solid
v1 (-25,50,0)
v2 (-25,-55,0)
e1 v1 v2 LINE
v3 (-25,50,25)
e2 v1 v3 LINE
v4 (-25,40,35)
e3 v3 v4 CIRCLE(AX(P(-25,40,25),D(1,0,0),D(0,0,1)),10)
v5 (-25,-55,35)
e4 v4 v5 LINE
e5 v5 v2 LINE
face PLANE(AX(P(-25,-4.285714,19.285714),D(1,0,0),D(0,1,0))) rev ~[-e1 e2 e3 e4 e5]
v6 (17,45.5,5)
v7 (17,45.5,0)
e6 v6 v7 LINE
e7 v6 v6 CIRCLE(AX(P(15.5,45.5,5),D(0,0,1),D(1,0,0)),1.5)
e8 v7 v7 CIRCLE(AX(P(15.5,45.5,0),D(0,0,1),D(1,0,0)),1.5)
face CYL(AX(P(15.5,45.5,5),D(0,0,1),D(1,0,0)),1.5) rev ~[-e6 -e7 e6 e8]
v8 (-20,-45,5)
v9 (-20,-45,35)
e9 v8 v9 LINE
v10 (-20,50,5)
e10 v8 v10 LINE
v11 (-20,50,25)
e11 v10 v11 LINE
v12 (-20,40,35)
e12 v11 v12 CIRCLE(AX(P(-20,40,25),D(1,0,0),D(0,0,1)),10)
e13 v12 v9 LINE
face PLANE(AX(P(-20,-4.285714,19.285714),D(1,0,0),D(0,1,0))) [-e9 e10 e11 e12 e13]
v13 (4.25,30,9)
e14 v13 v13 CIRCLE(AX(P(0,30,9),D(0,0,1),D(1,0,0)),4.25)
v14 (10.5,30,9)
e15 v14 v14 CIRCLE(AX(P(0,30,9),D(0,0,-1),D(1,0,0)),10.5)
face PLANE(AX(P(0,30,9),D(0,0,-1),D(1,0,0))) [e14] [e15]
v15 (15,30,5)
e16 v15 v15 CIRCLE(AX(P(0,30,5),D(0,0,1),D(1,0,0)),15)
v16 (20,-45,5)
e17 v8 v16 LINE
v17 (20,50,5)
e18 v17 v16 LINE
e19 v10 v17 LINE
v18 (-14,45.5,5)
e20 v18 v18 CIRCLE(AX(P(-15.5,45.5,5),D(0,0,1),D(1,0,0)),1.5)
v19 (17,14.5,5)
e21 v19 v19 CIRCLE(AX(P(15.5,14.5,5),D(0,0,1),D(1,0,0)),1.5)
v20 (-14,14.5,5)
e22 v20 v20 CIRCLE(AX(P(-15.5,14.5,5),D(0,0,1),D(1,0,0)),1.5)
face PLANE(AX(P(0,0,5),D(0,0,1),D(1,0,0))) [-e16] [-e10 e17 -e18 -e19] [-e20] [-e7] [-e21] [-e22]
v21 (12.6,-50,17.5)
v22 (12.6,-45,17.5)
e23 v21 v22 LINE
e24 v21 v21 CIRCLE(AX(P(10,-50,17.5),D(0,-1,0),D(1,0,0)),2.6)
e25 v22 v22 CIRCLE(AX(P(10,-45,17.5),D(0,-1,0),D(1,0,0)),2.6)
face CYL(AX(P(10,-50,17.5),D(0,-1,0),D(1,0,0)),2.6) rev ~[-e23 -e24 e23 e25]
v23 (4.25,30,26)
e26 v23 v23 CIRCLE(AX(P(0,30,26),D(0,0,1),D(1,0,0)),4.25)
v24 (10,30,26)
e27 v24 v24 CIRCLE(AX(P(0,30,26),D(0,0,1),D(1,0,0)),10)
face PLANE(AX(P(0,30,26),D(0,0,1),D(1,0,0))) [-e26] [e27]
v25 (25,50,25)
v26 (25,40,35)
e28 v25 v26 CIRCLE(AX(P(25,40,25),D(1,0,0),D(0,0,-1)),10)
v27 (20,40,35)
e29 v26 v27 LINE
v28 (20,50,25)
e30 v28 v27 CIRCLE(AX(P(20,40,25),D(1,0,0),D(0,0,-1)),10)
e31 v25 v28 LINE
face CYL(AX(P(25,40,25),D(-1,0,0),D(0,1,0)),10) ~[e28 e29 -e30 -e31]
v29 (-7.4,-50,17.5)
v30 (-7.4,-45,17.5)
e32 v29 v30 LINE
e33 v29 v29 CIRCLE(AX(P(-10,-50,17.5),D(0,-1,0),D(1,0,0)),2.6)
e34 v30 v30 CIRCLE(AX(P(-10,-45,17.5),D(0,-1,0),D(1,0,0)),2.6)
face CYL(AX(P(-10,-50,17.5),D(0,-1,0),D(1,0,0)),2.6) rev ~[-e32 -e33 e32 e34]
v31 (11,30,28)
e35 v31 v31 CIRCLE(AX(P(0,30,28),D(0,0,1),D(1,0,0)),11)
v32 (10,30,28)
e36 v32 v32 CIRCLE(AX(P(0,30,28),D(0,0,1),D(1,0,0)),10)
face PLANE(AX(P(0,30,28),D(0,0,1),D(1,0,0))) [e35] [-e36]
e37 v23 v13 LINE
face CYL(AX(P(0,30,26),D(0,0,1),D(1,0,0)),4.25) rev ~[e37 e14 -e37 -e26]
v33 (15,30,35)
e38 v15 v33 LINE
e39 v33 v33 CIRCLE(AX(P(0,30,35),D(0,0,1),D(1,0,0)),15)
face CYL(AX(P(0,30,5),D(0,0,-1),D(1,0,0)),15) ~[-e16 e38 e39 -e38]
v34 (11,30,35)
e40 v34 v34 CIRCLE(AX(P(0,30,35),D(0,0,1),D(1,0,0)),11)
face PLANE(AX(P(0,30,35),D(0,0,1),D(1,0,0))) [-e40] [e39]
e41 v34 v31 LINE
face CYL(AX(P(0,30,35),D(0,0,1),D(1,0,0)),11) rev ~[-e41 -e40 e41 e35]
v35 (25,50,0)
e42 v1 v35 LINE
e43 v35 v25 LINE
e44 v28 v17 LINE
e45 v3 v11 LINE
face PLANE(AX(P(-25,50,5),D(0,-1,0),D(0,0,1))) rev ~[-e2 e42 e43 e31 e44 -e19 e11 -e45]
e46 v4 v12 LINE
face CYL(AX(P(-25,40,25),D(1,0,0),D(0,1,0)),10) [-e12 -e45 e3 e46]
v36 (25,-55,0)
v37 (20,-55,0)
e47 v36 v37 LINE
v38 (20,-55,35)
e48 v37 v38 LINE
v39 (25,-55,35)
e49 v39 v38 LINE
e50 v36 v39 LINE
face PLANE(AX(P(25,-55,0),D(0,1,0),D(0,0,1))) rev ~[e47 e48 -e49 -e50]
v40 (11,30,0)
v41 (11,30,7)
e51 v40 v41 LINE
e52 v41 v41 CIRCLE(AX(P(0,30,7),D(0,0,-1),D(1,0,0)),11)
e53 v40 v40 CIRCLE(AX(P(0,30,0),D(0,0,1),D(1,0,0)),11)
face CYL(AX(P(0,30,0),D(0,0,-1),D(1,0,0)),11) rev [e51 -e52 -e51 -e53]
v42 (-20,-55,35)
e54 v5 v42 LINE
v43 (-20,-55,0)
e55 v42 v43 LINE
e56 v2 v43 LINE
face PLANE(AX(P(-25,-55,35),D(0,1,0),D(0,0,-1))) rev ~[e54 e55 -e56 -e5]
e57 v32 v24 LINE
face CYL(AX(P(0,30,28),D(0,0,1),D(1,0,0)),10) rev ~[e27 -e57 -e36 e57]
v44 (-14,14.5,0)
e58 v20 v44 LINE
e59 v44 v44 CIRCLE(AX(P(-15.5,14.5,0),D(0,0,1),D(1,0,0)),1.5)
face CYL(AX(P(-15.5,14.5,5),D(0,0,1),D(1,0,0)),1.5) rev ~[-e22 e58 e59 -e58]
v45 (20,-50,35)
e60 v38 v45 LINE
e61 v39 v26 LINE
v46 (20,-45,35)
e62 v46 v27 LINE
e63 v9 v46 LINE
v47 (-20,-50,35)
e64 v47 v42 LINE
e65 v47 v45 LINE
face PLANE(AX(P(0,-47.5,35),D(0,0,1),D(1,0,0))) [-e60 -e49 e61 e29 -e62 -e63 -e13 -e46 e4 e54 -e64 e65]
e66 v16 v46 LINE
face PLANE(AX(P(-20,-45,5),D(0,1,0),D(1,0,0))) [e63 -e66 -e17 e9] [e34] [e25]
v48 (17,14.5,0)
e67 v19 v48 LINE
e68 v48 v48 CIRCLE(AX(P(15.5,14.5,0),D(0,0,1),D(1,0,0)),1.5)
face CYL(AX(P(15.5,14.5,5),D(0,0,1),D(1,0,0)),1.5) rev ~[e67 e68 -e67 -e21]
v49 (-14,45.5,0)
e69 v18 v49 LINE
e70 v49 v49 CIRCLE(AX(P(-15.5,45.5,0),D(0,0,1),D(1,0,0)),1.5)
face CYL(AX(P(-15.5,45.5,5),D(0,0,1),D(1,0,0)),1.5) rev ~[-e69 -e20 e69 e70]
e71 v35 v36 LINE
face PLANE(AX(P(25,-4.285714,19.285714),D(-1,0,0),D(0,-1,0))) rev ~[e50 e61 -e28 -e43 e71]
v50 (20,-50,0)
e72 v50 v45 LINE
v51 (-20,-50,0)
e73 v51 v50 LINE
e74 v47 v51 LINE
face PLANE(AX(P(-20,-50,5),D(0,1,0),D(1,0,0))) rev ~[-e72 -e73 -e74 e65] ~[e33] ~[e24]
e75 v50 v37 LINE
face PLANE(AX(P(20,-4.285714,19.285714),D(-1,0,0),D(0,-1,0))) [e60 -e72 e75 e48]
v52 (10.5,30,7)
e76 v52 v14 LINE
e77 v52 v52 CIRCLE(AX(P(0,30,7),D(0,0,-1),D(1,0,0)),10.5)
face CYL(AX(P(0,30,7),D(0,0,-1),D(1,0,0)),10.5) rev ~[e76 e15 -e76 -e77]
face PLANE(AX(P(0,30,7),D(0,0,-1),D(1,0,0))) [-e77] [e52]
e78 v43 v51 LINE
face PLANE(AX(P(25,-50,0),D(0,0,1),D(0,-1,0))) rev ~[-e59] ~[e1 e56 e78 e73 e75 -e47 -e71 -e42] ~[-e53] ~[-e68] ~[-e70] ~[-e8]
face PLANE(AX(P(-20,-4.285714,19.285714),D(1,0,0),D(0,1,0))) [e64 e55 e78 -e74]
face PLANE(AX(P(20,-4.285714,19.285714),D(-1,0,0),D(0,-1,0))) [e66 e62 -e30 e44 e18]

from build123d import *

# Parameters (mm, degrees)
SKETCH_W        = 50
SKETCH_H        = 100
SKETCH_R        = 11
PAD_DEPTH       = 5
PAD001_DEPTH    = 5
PAD002_DEPTH    = 5
SKETCH003_W     = 40
SKETCH003_H     = 5
PAD003_DEPTH    = 30
SKETCH004_R     = 1.5
POCKET_DEPTH    = 5
SKETCH005_R     = 15
PAD004_DEPTH    = 30
SKETCH006_R     = 11
POCKET001_DEPTH = 7
SKETCH007_R     = 10
POCKET002_DEPTH = 2
SKETCH008_R     = 4.25
POCKET003_DEPTH = 26.001
SKETCH009_R     = 11
POCKET004_DEPTH = 2
SKETCH010_R     = 10.5
POCKET005_DEPTH = 2
SKETCH011_R     = 2.6
POCKET006_DEPTH = 5
FILLET_R        = 10


with BuildPart() as part:
    # Sketch → Pad (new body)
    with BuildSketch(Plane.XY):
        Rectangle(SKETCH_W, SKETCH_H)
        with Locations((0, 30)):
            Circle(SKETCH_R, mode=Mode.SUBTRACT)
    extrude(amount=PAD_DEPTH)

    # Sketch001 (on Face1 of Pad) → Pad001 (join)
    with BuildSketch(Plane(origin=(-25, 0, 0), x_dir=(0, -1, 0), z_dir=(-1, 0, 0))):
        Polygon((-50, 5), (-50, 35), (55, 35), (55, 0), (50, 0), (50, 5), align=None)
    extrude(amount=-PAD001_DEPTH)

    # Sketch002 (on Face4 of Pad001) → Pad002 (join)
    with BuildSketch(Plane.YZ.offset(25)):
        Polygon((-50, 0), (-55, 0), (-55, 35), (50, 35), (50, 5), (-50, 5), align=None)
    extrude(amount=-PAD002_DEPTH)

    # Sketch003 (on Face7 of Pad002) → Pad003 (join)
    with BuildSketch(Plane.XY.offset(5)):
        with Locations((0, -47.5)):
            Rectangle(SKETCH003_W, SKETCH003_H)
    extrude(amount=PAD003_DEPTH)

    # Sketch004 (on Face9 of Pad003) → Pocket (cut)
    with BuildSketch(Plane.XY.offset(5)):
        with Locations((-15.5, 45.5)):
            Circle(SKETCH004_R)
        with Locations((-15.5, 14.5)):
            Circle(SKETCH004_R)
        with Locations((15.5, 14.5)):
            Circle(SKETCH004_R)
        with Locations((15.5, 45.5)):
            Circle(SKETCH004_R)
    extrude(amount=-POCKET_DEPTH, mode=Mode.SUBTRACT)

    # Sketch005 (on Face6 of Pocket) → Pad004 (join)
    with BuildSketch(Plane.XY.offset(5)):
        with Locations((0, 30)):
            Circle(SKETCH005_R)
    extrude(amount=PAD004_DEPTH)

    # Sketch006 (on Face22 of Pad004) → Pocket001 (cut)
    with BuildSketch(Plane.XY.offset(35)):
        with Locations((0, 30)):
            Circle(SKETCH006_R)
    extrude(amount=-POCKET001_DEPTH, mode=Mode.SUBTRACT)

    # Sketch007 (on Face24 of Pocket001) → Pocket002 (cut)
    with BuildSketch(Plane.XY.offset(28)):
        with Locations((0, 30)):
            Circle(SKETCH007_R)
    extrude(amount=-POCKET002_DEPTH, mode=Mode.SUBTRACT)

    # Sketch008 (on Face26 of Pocket002) → Pocket003 (cut, through all)
    with BuildSketch(Plane.XY.offset(26)):
        with Locations((0, 30)):
            Circle(SKETCH008_R)
    extrude(amount=-POCKET003_DEPTH, mode=Mode.SUBTRACT)

    # Sketch009 (on Face21 of Pocket003) → Pocket004 (cut)
    with BuildSketch(Plane(origin=(0, 0, 5), x_dir=(1, 0, 0), z_dir=(0, 0, -1))):
        with Locations((0, -30)):
            Circle(SKETCH009_R)
    extrude(amount=-POCKET004_DEPTH, mode=Mode.SUBTRACT)

    # Sketch010 (on Face24 of Pocket004) → Pocket005 (cut)
    with BuildSketch(Plane(origin=(0, 0, 7), x_dir=(1, 0, 0), z_dir=(0, 0, -1))):
        with Locations((0, -30)):
            Circle(SKETCH010_R)
    extrude(amount=-POCKET005_DEPTH, mode=Mode.SUBTRACT)

    # Sketch011 (on Face12 of Pocket005) → Pocket006 (cut)
    with BuildSketch(Plane.XZ.offset(50)):
        with Locations((-10, 17.5)):
            Circle(SKETCH011_R)
        with Locations((10, 17.5)):
            Circle(SKETCH011_R)
    extrude(amount=-POCKET006_DEPTH, mode=Mode.SUBTRACT)

    # Fillet
    fillet_edges = [part.edges().sort_by_distance(p)[0] for p in [
        (22.5, 50, 35),
        (-22.5, 50, 35),
    ]]
    fillet(fillet_edges, radius=FILLET_R)


solid = part.part
